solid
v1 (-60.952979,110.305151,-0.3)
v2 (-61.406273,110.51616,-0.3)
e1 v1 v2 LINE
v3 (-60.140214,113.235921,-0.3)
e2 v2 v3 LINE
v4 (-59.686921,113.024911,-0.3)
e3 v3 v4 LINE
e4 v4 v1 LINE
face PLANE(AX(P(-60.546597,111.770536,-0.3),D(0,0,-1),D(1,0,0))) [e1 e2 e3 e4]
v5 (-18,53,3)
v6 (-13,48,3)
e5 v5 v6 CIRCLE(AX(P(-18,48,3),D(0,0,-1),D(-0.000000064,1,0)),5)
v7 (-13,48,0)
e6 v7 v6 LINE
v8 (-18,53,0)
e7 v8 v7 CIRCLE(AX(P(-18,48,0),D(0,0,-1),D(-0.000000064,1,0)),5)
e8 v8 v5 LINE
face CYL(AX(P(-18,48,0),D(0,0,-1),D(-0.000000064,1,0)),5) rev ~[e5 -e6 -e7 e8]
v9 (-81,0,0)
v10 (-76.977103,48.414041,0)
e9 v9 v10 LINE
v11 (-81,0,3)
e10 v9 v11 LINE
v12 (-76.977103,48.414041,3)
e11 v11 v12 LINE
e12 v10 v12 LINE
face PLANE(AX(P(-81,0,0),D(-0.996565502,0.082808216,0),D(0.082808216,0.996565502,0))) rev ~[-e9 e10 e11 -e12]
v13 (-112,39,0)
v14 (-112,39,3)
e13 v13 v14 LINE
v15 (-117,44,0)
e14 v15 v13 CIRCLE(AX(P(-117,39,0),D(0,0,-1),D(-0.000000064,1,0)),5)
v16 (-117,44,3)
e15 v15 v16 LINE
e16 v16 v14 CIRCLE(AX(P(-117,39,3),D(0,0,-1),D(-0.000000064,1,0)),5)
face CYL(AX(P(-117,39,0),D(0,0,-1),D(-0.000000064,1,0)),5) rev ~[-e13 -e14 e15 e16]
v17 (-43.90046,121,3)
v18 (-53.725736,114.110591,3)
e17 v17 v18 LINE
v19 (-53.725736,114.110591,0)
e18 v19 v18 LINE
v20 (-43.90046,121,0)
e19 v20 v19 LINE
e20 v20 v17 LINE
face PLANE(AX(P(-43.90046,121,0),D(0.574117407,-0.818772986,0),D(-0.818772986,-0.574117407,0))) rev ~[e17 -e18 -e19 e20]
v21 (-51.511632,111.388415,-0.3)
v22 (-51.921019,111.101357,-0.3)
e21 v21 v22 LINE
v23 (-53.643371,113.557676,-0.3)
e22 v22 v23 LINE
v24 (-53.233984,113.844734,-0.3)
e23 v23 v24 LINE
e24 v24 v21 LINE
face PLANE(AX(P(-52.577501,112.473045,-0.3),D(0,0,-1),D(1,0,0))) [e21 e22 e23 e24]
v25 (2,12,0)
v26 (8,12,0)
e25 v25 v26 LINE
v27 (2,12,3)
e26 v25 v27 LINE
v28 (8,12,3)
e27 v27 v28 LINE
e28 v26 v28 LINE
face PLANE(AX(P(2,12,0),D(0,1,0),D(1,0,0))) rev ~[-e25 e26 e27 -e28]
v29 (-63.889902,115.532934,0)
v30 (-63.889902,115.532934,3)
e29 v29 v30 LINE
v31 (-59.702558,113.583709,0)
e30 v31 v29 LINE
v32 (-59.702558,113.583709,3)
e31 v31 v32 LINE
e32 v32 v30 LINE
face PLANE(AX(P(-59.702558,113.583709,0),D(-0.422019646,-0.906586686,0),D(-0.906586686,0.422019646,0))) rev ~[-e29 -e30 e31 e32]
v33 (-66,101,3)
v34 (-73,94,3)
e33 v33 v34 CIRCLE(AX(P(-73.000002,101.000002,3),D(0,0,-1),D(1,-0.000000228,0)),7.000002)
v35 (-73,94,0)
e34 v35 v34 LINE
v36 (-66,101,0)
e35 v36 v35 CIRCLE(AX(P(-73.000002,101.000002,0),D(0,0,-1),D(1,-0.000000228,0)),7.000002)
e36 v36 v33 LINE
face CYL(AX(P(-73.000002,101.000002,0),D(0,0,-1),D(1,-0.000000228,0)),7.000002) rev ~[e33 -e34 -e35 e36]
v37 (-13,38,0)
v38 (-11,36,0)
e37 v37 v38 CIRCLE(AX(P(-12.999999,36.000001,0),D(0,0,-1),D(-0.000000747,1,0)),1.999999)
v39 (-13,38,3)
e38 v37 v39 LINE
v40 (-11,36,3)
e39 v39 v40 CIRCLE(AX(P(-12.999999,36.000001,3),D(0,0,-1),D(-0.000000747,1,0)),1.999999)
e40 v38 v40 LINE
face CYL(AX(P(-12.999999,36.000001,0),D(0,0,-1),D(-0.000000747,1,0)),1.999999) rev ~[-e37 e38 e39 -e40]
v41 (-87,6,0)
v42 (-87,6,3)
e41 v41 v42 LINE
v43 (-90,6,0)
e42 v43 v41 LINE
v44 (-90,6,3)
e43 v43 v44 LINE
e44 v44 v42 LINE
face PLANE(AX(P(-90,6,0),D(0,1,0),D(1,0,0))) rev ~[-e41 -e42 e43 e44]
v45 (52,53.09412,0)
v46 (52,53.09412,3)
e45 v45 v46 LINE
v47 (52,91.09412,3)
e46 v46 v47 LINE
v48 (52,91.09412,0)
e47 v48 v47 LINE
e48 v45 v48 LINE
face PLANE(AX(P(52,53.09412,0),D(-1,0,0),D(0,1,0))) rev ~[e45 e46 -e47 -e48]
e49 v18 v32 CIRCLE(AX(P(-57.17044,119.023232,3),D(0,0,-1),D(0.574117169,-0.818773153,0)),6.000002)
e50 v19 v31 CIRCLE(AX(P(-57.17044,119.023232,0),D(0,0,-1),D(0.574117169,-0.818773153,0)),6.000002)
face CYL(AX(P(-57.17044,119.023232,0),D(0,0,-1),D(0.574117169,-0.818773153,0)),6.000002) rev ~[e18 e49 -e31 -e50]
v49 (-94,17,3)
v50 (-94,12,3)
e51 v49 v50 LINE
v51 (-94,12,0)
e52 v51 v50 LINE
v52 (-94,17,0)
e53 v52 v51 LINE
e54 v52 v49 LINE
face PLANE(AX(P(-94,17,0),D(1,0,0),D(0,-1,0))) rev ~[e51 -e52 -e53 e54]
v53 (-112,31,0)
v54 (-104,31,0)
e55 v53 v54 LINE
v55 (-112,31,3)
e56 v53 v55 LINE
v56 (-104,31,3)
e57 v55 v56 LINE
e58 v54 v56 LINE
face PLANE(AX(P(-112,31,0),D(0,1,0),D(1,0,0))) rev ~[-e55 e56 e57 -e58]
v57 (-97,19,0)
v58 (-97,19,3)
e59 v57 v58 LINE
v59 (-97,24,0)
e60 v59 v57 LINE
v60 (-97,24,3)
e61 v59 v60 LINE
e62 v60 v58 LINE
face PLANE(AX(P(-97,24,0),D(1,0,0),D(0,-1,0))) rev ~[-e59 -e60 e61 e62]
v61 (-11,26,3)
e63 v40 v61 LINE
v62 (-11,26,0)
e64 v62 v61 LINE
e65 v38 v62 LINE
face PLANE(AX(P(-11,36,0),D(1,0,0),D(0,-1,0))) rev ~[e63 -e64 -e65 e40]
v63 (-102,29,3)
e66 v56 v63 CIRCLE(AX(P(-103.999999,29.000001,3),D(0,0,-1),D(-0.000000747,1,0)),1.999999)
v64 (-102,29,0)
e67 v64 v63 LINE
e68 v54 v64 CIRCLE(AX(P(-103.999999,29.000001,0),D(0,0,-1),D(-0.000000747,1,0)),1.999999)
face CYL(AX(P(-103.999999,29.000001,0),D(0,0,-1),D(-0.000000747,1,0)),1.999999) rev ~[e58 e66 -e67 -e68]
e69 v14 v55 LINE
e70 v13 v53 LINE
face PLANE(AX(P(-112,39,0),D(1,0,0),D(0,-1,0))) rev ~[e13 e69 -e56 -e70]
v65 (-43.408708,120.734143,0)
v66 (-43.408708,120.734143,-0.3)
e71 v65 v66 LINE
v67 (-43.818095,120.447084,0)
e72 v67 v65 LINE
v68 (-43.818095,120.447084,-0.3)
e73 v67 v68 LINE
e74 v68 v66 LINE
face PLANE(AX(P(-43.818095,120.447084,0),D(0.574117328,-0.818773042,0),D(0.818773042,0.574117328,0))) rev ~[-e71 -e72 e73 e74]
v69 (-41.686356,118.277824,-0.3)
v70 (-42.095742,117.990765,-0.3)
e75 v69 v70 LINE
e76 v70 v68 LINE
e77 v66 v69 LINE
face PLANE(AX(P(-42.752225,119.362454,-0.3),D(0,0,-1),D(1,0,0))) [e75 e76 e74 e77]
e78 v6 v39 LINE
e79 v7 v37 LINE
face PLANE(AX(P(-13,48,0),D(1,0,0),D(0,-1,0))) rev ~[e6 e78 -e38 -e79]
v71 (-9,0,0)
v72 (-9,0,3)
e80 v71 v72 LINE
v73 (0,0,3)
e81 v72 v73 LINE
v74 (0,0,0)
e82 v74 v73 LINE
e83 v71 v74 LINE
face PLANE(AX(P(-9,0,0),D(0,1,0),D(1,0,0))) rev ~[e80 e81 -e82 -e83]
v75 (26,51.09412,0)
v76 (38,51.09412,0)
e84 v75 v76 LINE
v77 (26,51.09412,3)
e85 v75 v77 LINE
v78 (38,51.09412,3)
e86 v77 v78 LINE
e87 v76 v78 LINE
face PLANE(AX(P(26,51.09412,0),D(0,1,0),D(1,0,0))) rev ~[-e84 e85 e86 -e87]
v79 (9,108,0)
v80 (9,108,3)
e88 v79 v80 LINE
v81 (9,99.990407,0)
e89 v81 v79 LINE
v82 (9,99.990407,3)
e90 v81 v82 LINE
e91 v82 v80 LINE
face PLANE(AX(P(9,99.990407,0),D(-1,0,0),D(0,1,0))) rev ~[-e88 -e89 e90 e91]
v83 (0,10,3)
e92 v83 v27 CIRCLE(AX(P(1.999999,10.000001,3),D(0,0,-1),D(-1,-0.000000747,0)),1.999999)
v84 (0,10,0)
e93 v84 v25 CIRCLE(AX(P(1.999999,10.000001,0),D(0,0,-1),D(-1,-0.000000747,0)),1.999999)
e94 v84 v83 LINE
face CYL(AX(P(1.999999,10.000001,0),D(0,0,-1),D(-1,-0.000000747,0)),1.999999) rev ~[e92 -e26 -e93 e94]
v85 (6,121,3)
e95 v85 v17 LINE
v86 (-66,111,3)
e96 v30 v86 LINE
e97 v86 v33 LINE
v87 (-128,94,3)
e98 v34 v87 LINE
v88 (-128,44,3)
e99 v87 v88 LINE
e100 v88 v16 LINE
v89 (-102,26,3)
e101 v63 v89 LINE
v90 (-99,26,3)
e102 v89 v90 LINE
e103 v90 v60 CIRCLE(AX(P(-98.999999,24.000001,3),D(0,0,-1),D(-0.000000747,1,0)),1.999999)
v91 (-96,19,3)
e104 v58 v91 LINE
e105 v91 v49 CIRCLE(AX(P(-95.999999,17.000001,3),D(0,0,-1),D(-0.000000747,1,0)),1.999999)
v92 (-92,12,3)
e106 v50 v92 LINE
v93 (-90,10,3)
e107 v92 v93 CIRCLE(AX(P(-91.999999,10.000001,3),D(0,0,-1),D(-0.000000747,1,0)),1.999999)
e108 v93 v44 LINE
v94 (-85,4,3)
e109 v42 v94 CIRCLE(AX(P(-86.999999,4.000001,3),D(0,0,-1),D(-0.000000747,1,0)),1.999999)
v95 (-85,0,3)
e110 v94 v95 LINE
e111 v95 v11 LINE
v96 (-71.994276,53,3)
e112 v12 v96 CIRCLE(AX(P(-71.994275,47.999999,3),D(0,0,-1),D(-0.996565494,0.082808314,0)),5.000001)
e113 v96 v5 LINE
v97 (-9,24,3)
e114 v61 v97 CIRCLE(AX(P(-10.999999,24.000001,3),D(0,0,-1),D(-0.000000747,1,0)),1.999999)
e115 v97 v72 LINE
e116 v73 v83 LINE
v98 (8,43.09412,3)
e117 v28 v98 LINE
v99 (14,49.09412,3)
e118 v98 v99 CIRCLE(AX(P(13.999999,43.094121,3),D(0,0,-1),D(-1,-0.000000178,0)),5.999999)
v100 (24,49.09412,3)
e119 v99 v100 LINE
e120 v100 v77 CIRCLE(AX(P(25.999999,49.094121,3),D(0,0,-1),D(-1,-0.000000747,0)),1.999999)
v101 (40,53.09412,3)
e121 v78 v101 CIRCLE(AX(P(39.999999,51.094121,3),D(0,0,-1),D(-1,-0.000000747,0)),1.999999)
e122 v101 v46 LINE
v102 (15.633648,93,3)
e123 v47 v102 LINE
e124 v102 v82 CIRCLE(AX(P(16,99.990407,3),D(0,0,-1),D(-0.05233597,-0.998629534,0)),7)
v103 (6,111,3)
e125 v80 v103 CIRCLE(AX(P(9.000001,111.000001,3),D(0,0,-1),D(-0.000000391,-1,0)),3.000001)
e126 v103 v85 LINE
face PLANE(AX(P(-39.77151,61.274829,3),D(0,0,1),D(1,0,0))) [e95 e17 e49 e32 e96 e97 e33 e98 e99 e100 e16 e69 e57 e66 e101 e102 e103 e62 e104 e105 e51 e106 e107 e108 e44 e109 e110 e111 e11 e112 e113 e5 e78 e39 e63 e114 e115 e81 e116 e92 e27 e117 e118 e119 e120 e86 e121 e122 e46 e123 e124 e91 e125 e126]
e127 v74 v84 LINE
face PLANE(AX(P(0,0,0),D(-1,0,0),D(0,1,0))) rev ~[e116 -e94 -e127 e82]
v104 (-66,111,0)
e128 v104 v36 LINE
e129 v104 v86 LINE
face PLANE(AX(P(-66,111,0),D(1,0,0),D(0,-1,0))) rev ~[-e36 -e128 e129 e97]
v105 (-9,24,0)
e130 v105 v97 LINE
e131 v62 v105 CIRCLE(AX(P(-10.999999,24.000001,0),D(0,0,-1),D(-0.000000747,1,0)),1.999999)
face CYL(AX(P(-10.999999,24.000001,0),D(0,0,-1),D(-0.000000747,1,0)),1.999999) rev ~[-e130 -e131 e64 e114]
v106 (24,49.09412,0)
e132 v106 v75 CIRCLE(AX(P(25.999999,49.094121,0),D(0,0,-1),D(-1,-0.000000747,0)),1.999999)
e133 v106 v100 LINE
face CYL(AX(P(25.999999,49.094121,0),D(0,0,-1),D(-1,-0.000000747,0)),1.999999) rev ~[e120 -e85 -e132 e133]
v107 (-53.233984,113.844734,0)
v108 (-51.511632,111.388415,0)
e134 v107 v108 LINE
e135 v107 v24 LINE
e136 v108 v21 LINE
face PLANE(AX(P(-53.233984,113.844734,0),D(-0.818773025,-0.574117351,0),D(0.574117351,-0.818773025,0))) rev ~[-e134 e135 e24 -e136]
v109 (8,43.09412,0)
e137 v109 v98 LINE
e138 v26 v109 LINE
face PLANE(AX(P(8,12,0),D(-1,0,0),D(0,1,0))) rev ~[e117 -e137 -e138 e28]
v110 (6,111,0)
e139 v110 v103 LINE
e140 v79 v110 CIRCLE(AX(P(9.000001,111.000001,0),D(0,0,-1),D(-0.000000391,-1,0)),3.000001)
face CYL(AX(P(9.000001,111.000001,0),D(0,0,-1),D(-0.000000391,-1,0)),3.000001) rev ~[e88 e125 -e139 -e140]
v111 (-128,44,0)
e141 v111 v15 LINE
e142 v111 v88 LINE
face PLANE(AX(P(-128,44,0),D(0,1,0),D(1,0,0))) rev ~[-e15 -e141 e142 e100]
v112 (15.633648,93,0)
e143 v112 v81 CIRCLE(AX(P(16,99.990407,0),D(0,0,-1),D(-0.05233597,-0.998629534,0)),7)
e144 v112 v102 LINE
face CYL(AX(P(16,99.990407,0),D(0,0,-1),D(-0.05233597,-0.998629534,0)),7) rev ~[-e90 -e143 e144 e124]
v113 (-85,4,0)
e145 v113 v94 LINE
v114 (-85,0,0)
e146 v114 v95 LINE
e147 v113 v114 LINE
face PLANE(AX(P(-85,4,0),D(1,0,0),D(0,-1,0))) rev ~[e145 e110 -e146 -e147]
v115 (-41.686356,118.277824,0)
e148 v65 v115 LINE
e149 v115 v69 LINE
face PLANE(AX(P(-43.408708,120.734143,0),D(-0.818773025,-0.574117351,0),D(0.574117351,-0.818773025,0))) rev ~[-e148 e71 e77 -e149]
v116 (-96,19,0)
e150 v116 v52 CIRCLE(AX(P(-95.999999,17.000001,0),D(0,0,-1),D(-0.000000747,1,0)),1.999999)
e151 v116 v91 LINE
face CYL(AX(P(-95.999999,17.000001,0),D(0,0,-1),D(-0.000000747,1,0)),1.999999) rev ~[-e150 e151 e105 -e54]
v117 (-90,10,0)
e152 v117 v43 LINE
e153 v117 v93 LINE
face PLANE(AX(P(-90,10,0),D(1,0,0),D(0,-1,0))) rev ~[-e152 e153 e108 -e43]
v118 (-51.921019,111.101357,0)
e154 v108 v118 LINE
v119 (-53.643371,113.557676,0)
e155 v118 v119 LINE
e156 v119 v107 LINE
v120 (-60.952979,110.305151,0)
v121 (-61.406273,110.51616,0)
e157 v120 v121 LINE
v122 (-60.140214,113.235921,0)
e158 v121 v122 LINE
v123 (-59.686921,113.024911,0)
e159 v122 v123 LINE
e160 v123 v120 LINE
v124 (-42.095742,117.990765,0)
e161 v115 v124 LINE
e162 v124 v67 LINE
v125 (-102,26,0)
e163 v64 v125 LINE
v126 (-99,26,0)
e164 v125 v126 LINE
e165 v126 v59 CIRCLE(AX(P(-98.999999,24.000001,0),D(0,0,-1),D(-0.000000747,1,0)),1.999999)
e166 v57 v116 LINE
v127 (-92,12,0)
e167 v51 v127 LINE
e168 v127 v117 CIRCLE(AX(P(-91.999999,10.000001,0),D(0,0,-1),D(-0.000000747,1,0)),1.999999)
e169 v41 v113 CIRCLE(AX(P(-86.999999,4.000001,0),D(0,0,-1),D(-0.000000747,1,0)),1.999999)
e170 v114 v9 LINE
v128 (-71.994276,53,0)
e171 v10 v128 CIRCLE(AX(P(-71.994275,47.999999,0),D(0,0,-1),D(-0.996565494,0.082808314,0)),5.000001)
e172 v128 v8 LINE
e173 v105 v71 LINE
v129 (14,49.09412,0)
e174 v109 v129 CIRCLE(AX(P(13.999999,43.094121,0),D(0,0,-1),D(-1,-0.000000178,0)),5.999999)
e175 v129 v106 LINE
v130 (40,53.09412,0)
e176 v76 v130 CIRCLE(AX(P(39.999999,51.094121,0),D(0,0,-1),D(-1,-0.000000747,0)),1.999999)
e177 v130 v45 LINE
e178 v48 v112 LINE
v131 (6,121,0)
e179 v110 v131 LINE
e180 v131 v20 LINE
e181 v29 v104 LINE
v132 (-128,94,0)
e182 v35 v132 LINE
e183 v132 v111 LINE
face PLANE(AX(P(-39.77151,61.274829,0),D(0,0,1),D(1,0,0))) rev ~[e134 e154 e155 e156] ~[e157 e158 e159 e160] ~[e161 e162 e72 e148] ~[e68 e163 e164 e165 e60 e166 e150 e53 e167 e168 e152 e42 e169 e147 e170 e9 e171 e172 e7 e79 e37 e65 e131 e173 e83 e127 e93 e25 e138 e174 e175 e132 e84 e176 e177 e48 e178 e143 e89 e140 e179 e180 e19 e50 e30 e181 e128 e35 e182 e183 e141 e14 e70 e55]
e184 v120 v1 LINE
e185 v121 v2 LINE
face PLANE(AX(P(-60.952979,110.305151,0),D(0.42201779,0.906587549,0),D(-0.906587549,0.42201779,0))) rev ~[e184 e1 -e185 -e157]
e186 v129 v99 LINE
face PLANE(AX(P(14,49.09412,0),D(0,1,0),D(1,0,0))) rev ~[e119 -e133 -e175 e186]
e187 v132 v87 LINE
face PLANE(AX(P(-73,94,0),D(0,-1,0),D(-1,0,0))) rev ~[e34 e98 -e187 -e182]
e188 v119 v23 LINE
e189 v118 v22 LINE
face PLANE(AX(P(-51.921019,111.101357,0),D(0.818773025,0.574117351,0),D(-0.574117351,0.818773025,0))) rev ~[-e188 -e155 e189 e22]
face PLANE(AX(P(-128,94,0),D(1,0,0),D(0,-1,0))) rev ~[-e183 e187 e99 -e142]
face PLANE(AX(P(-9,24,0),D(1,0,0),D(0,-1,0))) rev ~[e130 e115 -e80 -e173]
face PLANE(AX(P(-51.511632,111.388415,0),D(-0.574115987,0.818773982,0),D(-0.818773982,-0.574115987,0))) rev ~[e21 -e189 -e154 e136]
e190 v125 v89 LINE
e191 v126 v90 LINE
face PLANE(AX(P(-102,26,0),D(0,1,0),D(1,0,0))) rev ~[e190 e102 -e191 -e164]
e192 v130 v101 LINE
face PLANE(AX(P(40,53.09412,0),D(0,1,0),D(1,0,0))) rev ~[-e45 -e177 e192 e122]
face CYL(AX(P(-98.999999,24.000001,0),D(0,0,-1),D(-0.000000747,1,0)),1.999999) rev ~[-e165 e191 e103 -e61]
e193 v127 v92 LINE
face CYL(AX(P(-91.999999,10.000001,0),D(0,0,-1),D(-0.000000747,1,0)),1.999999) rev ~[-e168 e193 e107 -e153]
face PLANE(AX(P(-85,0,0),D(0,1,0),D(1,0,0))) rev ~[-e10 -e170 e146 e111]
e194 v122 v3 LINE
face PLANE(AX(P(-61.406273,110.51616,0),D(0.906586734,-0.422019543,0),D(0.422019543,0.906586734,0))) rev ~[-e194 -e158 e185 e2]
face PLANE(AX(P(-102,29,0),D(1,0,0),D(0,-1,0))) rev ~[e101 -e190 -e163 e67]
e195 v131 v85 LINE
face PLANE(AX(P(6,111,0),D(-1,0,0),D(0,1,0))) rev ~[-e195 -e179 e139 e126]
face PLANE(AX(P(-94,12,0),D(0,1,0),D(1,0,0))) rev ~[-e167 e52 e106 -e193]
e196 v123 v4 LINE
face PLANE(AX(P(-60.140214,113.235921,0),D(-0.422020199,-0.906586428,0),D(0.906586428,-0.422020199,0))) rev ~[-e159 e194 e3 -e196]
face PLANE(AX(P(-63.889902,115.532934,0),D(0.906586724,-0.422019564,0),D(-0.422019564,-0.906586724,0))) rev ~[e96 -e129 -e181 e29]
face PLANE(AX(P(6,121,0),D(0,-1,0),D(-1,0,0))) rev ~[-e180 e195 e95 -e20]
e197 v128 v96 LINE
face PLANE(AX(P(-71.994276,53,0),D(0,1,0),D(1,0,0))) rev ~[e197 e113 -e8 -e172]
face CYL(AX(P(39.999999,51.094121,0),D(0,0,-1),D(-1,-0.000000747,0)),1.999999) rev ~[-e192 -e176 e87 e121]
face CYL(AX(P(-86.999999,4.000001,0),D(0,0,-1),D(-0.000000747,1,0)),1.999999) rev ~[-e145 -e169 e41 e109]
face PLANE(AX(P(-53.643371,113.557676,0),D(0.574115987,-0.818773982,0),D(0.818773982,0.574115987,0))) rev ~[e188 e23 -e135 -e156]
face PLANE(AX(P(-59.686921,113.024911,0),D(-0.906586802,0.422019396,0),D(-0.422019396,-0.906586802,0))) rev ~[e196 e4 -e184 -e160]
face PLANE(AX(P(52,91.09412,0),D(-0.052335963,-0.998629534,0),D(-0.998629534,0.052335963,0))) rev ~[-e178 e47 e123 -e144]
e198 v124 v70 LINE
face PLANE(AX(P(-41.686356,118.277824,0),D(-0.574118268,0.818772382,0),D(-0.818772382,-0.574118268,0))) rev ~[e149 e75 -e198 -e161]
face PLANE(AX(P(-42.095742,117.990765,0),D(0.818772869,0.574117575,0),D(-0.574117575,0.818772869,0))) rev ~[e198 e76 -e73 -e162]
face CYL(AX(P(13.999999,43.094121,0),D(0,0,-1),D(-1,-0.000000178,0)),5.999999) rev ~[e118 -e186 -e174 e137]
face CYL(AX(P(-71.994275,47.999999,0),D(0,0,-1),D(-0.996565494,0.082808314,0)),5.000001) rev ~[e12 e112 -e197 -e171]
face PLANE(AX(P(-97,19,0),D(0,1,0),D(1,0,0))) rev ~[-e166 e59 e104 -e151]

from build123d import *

# Parameters (mm, degrees)
F1_DEPTH = 3
F3_DEPTH = 0.3


with BuildPart() as f1:
    # F0 (on Top) → F1 (new body)
    with BuildSketch(Plane.XY):
        with BuildLine():
            Line((-9, 0), (0, 0))
            Line((0, 0), (0, 10))
            ThreePointArc((0, 10), (0.585786, 11.414214), (2, 12))
            Line((2, 12), (8, 12))
            Line((8, 12), (8, 43.09412))
            ThreePointArc((8, 43.09412), (9.757359, 47.336761), (14, 49.09412))
            Line((14, 49.09412), (24, 49.09412))
            ThreePointArc((24, 49.09412), (24.585786, 50.508334), (26, 51.09412))
            Line((26, 51.09412), (38, 51.09412))
            ThreePointArc((38, 51.09412), (38.585786, 52.508334), (40, 53.09412))
            Line((40, 53.09412), (52, 53.09412))
            Line((52, 53.09412), (52, 91.09412))
            Line((52, 91.09412), (15.633648, 93))
            ThreePointArc((15.633648, 93), (10.922379, 95.171925), (9, 99.990407))
            Line((9, 99.990407), (9, 108))
            ThreePointArc((9, 108), (6.87868, 108.87868), (6, 111))
            Line((6, 111), (6, 121))
            Line((6, 121), (-43.90046, 121))
            Line((-43.90046, 121), (-53.725736, 114.110591))
            ThreePointArc((-53.725736, 114.110591), (-56.643558, 113.046408), (-59.702558, 113.583709))
            Line((-59.702558, 113.583709), (-63.889902, 115.532934))
            Line((-63.889902, 115.532934), (-66, 111))
            Line((-66, 111), (-66, 101))
            ThreePointArc((-66, 101), (-68.050253, 96.050253), (-73, 94))
            Line((-73, 94), (-128, 94))
            Line((-128, 94), (-128, 44))
            Line((-128, 44), (-117, 44))
            ThreePointArc((-117, 44), (-113.464466, 42.535534), (-112, 39))
            Line((-112, 39), (-112, 31))
            Line((-112, 31), (-104, 31))
            ThreePointArc((-104, 31), (-102.585786, 30.414214), (-102, 29))
            Line((-102, 29), (-102, 26))
            Line((-102, 26), (-99, 26))
            ThreePointArc((-99, 26), (-97.585786, 25.414214), (-97, 24))
            Line((-97, 24), (-97, 19))
            Line((-97, 19), (-96, 19))
            ThreePointArc((-96, 19), (-94.585786, 18.414214), (-94, 17))
            Line((-94, 17), (-94, 12))
            Line((-94, 12), (-92, 12))
            ThreePointArc((-92, 12), (-90.585786, 11.414214), (-90, 10))
            Line((-90, 10), (-90, 6))
            Line((-90, 6), (-87, 6))
            ThreePointArc((-87, 6), (-85.585786, 5.414214), (-85, 4))
            Line((-85, 4), (-85, 0))
            Line((-85, 0), (-81, 0))
            Line((-81, 0), (-76.977103, 48.414041))
            ThreePointArc((-76.977103, 48.414041), (-75.380261, 51.679008), (-71.994276, 53))
            Line((-71.994276, 53), (-18, 53))
            ThreePointArc((-18, 53), (-14.464466, 51.535534), (-13, 48))
            Line((-13, 48), (-13, 38))
            ThreePointArc((-13, 38), (-11.585786, 37.414214), (-11, 36))
            Line((-11, 36), (-11, 26))
            ThreePointArc((-11, 26), (-9.585786, 25.414214), (-9, 24))
            Line((-9, 24), (-9, 0))
        make_face()
    extrude(amount=F1_DEPTH)

    # F2 (on face) → F3 (join)
    with BuildSketch(Plane(origin=(0, 0, 0), x_dir=(1, 0, 0), z_dir=(0, 0, -1))):
        Polygon((-61.406273, -110.51616), (-60.140214, -113.235921), (-59.686921, -113.024911), (-60.952979, -110.305151), align=None)
        Polygon((-53.233984, -113.844734), (-51.511632, -111.388415), (-51.921019, -111.101357), (-53.643371, -113.557676), align=None)
        Polygon((-43.818095, -120.447084), (-43.408708, -120.734143), (-41.686356, -118.277824), (-42.095742, -117.990765), align=None)
    extrude(amount=F3_DEPTH)


solid = f1.part
